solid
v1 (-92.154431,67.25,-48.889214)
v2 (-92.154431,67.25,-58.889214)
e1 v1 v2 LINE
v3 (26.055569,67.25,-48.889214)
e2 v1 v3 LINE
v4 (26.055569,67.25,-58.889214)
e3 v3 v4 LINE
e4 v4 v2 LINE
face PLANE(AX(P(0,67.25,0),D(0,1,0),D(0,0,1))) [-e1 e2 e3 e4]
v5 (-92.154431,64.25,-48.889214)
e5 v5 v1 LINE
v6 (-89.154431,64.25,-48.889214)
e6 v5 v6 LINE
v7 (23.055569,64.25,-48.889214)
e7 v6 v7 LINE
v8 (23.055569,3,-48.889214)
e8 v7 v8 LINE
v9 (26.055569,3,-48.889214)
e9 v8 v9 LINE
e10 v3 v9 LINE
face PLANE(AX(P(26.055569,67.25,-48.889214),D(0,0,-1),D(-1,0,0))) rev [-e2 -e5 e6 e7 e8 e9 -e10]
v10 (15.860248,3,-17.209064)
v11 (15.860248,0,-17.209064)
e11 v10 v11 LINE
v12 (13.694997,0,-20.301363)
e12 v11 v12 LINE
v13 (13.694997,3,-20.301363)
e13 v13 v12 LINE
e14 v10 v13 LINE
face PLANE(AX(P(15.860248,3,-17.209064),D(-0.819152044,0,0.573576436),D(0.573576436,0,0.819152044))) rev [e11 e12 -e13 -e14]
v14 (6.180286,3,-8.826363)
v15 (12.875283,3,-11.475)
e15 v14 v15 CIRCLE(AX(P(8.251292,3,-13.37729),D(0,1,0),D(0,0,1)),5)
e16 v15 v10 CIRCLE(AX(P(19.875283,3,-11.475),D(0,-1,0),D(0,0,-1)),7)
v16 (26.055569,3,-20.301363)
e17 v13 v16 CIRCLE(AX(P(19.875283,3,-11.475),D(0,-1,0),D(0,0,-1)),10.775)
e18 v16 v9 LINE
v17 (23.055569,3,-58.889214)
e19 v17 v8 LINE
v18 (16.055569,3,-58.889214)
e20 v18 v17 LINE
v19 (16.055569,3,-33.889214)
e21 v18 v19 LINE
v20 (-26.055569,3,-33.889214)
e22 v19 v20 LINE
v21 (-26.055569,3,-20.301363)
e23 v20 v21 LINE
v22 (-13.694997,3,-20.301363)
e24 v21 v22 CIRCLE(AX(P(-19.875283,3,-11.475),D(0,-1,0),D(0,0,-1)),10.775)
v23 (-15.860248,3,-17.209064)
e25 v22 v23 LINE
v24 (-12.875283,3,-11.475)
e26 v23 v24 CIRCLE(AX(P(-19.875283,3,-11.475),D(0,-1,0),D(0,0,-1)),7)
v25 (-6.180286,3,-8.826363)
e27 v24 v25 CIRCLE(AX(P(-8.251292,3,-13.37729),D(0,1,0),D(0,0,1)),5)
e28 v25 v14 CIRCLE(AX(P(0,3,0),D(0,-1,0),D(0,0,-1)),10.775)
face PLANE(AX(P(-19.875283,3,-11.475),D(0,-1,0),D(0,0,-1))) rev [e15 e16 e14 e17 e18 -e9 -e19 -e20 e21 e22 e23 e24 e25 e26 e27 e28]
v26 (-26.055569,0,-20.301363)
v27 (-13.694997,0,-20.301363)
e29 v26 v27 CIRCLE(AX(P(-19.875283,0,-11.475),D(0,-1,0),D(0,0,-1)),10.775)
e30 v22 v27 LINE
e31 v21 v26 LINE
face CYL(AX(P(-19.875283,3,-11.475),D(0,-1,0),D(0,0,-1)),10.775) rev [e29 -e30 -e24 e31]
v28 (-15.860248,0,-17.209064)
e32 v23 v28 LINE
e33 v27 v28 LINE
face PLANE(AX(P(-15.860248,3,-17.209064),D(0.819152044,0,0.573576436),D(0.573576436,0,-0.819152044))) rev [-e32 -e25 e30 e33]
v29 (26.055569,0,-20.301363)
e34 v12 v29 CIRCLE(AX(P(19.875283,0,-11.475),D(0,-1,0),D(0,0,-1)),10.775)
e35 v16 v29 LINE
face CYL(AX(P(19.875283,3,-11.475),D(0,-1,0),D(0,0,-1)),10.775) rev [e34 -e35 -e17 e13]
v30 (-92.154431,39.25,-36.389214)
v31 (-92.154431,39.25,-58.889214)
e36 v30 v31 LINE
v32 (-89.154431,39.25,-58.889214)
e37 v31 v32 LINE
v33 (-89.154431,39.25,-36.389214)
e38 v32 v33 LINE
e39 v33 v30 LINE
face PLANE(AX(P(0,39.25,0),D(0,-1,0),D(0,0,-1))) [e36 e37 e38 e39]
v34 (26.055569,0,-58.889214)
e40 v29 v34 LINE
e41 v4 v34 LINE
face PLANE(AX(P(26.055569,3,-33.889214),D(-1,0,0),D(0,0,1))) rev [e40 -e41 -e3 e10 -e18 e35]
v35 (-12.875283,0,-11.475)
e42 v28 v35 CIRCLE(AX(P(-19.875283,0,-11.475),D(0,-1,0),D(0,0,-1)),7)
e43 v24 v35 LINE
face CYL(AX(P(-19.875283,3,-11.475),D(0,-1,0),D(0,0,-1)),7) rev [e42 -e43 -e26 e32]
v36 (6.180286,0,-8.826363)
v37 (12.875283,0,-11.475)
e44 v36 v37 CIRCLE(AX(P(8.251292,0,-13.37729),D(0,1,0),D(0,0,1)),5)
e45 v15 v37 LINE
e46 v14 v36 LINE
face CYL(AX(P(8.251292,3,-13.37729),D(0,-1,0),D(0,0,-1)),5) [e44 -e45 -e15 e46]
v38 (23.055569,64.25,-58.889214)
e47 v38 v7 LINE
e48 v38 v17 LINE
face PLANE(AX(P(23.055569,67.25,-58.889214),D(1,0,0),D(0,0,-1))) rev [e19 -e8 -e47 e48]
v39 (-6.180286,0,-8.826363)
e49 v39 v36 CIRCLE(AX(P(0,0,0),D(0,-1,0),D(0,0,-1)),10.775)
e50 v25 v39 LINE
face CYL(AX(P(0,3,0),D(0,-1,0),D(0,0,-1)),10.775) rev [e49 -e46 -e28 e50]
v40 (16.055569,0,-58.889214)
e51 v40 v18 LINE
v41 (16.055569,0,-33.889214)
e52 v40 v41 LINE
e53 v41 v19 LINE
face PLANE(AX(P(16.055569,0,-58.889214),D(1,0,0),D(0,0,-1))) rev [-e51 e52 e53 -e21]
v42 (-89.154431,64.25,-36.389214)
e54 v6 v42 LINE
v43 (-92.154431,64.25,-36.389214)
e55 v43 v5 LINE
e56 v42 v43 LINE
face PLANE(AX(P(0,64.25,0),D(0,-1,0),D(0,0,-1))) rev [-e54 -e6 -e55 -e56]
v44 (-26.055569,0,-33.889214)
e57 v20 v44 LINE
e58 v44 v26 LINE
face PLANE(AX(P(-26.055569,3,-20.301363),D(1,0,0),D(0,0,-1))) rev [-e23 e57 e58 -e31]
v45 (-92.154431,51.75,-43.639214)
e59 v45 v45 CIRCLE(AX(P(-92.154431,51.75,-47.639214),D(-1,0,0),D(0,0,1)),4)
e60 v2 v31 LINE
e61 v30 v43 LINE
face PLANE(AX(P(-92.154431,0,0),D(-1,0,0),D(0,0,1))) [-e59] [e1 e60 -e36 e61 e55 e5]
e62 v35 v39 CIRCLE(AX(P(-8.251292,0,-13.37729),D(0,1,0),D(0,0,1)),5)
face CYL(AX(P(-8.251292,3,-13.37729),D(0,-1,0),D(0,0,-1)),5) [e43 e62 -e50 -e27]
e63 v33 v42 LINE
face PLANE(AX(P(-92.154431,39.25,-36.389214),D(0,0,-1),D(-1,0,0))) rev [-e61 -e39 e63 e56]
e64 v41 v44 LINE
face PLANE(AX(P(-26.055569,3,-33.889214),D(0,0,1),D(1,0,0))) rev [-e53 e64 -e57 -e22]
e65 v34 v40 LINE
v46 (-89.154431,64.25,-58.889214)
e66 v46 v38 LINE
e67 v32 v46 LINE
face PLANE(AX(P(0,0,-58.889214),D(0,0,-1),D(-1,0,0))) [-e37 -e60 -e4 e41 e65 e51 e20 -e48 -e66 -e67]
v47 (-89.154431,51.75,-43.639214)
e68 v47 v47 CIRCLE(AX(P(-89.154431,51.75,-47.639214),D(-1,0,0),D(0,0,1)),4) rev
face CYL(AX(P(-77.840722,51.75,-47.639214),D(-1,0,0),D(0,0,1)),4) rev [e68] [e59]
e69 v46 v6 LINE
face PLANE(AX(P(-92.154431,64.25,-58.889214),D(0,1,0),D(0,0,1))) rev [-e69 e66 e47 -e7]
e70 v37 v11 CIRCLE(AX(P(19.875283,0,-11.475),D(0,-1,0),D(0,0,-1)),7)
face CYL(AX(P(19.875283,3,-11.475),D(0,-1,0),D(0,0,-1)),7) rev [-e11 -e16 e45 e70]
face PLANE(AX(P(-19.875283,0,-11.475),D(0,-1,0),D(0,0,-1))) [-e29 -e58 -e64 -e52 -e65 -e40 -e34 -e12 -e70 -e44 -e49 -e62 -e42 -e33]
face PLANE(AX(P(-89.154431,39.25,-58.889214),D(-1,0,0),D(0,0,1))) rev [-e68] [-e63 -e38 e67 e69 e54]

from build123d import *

# Parameters (mm, degrees)
BOSS_EXTRUDE1_DEPTH = 3
SKETCH3_W           = 10
SKETCH3_H           = 3
BOSS_EXTRUDE2_DEPTH = 25
SKETCH5_W           = 3
SKETCH5_H           = 10
BOSS_EXTRUDE4_DEPTH = 64.25
SKETCH7_W           = 10
SKETCH7_H           = 3
BOSS_EXTRUDE5_DEPTH = 115.21
SKETCH8_W           = 3
SKETCH8_H           = 22.5
BOSS_EXTRUDE6_DEPTH = 25
SKETCH10_R          = 4
CUT_EXTRUDE1_DEPTH  = 3


with BuildPart() as part:
    # Sketch2 → Boss-Extrude1 (new body)
    with BuildSketch(Plane(origin=(0, 0, 0), x_dir=(1, 0, 0), z_dir=(0, 1, 0))):
        with BuildLine():
            Line((-15.860247962, 17.20906431), (-13.694996915, 20.301363277))
            ThreePointArc((-13.694996915, 20.301363277), (-19.875283017, 22.25), (-26.055569119, 20.301363277))
            Line((-26.055569119, 20.301363277), (-26.055569119, 33.889213566))
            Line((-26.055569119, 33.889213566), (26.055569119, 33.889213566))
            Line((26.055569119, 33.889213566), (26.055569119, 20.301363277))
            ThreePointArc((26.055569119, 20.301363277), (19.875283017, 22.25), (13.694996915, 20.301363277))
            Line((13.694996915, 20.301363277), (15.860247962, 17.20906431))
            ThreePointArc((15.860247962, 17.20906431), (13.666207185, 14.707240293), (12.875283017, 11.475))
            ThreePointArc((12.875283017, 11.475), (10.090653959, 8.727908609), (6.180286102, 8.826363277))
            ThreePointArc((6.180286102, 8.826363277), (0, 10.775), (-6.180286102, 8.826363277))
            ThreePointArc((-6.180286102, 8.826363277), (-10.090653959, 8.727908609), (-12.875283017, 11.475))
            ThreePointArc((-12.875283017, 11.475), (-13.666207185, 14.707240293), (-15.860247962, 17.20906431))
        make_face()
    extrude(amount=BOSS_EXTRUDE1_DEPTH)

    # Sketch3 → Boss-Extrude2 (add)
    with BuildSketch(Plane(origin=(0, 0, -33.889213566), x_dir=(-1, 0, 0), z_dir=(0, 0, -1))):
        with Locations((-21.055569119, 1.5)):
            Rectangle(SKETCH3_W, SKETCH3_H)
    extrude(amount=BOSS_EXTRUDE2_DEPTH)

    # Sketch5 → Boss-Extrude4 (add)
    with BuildSketch(Plane(origin=(0, 3, 0), x_dir=(1, 0, 0), z_dir=(0, 1, 0))):
        with Locations((24.555569119, 53.889213566)):
            Rectangle(SKETCH5_W, SKETCH5_H)
    extrude(amount=BOSS_EXTRUDE4_DEPTH)

    # Sketch7 → Boss-Extrude5 (add)
    with BuildSketch(Plane.ZY.offset(-23.055569119)):
        with Locations((-53.889213566, 65.75)):
            Rectangle(SKETCH7_W, SKETCH7_H)
    extrude(amount=BOSS_EXTRUDE5_DEPTH)

    # Sketch8 → Boss-Extrude6 (add)
    with BuildSketch(Plane.XZ.offset(-64.25)):
        with Locations((-90.654430881, -47.639213566)):
            Rectangle(SKETCH8_W, SKETCH8_H)
    extrude(amount=BOSS_EXTRUDE6_DEPTH)

    # Sketch10 → Cut-Extrude1 (cut)
    with BuildSketch(Plane.ZY.offset(92.154430881)):
        with Locations((-47.639213566, 51.75)):
            Circle(SKETCH10_R)
    extrude(amount=-CUT_EXTRUDE1_DEPTH, mode=Mode.SUBTRACT)


solid = part.part
